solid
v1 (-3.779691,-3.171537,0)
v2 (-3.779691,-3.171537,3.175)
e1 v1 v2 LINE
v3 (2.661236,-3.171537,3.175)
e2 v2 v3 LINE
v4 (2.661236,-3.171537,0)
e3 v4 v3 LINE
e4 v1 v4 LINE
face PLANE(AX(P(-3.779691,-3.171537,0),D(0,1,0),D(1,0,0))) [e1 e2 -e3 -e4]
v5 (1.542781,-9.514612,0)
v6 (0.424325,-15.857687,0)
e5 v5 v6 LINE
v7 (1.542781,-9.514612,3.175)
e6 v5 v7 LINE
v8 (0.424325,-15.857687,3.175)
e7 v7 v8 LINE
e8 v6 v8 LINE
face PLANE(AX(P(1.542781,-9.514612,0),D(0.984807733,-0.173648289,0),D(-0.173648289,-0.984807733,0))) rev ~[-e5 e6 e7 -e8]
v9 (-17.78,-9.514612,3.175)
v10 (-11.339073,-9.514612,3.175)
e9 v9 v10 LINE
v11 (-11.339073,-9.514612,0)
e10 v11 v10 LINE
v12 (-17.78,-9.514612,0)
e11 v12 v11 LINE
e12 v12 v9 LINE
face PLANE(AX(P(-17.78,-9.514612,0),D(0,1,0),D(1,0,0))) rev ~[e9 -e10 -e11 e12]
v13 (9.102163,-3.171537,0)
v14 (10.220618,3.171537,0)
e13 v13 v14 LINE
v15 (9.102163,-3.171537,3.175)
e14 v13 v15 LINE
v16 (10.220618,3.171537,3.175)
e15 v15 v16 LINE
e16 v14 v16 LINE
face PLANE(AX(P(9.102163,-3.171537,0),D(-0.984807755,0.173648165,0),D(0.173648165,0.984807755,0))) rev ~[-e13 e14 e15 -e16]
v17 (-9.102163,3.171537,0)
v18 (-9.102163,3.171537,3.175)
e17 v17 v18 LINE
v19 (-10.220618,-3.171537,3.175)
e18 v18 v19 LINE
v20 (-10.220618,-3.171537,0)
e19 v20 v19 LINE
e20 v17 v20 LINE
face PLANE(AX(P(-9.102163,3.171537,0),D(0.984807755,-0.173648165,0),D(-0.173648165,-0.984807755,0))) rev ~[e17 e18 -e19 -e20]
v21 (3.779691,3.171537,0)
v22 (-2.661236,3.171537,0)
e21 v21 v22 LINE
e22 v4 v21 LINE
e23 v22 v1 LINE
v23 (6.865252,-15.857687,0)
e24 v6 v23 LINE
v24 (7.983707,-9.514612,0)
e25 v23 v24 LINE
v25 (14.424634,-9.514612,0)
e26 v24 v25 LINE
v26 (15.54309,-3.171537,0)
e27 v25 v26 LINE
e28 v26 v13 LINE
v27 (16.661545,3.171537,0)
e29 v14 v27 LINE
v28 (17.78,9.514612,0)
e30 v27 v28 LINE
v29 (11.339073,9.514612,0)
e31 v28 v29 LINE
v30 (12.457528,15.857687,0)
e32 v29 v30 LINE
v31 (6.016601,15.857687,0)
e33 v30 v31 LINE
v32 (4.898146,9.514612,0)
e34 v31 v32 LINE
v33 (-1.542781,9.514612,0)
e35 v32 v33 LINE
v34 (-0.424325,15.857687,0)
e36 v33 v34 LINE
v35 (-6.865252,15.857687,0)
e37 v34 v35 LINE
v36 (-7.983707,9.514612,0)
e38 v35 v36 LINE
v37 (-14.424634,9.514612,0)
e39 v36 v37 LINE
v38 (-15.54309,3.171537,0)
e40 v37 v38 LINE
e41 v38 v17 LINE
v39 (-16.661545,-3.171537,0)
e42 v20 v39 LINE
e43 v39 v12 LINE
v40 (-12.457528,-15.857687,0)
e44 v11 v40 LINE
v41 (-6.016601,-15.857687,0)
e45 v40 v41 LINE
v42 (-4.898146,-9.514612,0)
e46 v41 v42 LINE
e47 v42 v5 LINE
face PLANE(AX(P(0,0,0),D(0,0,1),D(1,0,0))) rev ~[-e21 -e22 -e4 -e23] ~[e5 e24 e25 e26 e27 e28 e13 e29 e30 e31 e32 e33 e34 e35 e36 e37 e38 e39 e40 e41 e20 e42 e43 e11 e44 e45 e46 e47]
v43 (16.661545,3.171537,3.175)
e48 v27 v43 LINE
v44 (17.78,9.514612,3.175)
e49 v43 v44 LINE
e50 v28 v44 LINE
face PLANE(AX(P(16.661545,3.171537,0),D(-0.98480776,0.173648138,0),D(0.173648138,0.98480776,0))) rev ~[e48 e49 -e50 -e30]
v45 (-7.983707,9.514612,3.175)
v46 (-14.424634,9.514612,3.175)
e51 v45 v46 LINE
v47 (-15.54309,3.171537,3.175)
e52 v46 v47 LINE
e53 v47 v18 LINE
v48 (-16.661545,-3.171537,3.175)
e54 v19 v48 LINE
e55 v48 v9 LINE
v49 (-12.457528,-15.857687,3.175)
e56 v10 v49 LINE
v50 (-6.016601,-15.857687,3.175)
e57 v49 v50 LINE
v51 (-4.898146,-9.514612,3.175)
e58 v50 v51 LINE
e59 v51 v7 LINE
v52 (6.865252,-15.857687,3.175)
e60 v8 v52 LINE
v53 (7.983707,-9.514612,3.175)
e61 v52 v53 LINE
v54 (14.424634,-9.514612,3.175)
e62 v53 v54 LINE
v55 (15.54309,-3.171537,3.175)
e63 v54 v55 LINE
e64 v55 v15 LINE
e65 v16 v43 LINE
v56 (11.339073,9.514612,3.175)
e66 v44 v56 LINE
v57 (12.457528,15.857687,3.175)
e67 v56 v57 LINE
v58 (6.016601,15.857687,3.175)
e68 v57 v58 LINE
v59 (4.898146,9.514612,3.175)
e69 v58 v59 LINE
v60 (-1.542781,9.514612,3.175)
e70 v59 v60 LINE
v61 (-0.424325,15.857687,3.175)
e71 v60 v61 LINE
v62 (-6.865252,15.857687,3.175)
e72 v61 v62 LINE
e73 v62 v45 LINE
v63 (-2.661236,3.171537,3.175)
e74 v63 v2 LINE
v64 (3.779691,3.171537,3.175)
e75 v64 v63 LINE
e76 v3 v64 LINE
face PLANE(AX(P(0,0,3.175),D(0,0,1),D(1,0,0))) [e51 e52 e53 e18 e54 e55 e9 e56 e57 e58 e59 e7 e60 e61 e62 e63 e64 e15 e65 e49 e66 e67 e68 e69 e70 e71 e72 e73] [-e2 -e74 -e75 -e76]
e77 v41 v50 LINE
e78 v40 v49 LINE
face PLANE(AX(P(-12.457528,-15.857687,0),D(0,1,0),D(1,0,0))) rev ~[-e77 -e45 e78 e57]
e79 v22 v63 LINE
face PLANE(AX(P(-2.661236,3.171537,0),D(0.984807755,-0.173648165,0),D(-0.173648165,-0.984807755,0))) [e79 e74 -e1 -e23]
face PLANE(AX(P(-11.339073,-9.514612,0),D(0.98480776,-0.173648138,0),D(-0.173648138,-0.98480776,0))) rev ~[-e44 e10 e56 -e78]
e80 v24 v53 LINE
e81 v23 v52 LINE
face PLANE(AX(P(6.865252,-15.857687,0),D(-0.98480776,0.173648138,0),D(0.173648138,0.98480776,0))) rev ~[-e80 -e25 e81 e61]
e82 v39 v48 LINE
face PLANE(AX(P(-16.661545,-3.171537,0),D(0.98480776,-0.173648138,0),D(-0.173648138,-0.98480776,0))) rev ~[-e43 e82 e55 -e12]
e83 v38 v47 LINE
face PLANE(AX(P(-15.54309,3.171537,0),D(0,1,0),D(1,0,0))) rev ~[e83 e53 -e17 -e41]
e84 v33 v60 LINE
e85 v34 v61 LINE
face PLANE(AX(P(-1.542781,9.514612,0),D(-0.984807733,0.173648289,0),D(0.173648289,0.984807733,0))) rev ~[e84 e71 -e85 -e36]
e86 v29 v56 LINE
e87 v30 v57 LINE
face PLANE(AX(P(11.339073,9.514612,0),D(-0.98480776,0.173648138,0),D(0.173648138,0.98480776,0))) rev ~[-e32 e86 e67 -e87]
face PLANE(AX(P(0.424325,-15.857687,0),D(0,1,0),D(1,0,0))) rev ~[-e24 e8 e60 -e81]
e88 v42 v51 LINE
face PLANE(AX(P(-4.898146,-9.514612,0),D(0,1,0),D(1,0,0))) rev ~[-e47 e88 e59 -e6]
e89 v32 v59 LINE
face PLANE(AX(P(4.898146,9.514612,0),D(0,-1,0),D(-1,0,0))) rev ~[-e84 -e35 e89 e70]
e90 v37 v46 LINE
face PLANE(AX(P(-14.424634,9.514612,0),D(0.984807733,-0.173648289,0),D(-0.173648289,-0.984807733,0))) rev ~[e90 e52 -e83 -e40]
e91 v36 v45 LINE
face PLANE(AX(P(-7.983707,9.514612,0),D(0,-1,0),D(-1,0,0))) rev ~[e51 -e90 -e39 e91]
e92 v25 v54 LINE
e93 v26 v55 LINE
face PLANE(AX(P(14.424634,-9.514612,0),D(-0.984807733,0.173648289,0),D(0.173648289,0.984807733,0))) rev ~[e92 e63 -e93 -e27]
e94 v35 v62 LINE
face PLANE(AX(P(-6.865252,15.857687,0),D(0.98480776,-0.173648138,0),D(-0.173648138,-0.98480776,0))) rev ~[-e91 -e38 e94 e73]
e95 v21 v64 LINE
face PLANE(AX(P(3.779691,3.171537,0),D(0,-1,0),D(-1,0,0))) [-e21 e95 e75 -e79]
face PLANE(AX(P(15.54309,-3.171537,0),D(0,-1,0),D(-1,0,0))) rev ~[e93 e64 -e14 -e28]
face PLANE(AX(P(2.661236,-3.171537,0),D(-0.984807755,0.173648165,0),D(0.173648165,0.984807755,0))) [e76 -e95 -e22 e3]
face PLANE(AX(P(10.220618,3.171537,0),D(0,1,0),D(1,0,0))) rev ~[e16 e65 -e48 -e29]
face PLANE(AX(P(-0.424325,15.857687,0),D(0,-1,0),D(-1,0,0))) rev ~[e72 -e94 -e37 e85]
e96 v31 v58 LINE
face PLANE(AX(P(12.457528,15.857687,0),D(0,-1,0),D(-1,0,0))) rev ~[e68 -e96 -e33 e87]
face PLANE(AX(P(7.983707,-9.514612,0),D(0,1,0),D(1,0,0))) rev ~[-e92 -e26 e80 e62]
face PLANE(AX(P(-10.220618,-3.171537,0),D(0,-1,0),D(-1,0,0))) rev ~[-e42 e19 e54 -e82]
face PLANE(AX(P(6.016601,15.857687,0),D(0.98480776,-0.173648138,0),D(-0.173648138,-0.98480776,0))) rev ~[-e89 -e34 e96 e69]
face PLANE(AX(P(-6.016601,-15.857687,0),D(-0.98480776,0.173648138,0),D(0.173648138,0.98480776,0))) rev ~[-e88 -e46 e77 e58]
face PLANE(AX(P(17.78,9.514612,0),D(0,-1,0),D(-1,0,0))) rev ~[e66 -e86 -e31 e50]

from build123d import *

# Parameters (mm, degrees)
PAD_DEPTH = 3.175


with BuildPart() as part:
    # Sketch → Pad (new body)
    with BuildSketch(Plane.XY):
        Polygon((-14.424634, 9.514612), (-15.54309, 3.171537), (-9.102163, 3.171537), (-10.220618, -3.171537), (-16.661545, -3.171537), (-17.78, -9.514612), (-11.339073, -9.514612), (-12.457528, -15.857687), (-6.016601, -15.857687), (-4.898146, -9.514612), (1.542781, -9.514612), (0.424325, -15.857687), (6.865252, -15.857687), (7.983707, -9.514612), (14.424634, -9.514612), (15.54309, -3.171537), (9.102163, -3.171537), (10.220618, 3.171537), (16.661545, 3.171537), (17.78, 9.514612), (11.339073, 9.514612), (12.457528, 15.857687), (6.016601, 15.857687), (4.898146, 9.514612), (-1.542781, 9.514612), (-0.424325, 15.857687), (-6.865252, 15.857687), (-7.983707, 9.514612), align=None)
        Polygon((-2.661236, 3.171537), (-3.779691, -3.171537), (2.661236, -3.171537), (3.779691, 3.171537), align=None, mode=Mode.SUBTRACT)
    extrude(amount=PAD_DEPTH)


solid = part.part
